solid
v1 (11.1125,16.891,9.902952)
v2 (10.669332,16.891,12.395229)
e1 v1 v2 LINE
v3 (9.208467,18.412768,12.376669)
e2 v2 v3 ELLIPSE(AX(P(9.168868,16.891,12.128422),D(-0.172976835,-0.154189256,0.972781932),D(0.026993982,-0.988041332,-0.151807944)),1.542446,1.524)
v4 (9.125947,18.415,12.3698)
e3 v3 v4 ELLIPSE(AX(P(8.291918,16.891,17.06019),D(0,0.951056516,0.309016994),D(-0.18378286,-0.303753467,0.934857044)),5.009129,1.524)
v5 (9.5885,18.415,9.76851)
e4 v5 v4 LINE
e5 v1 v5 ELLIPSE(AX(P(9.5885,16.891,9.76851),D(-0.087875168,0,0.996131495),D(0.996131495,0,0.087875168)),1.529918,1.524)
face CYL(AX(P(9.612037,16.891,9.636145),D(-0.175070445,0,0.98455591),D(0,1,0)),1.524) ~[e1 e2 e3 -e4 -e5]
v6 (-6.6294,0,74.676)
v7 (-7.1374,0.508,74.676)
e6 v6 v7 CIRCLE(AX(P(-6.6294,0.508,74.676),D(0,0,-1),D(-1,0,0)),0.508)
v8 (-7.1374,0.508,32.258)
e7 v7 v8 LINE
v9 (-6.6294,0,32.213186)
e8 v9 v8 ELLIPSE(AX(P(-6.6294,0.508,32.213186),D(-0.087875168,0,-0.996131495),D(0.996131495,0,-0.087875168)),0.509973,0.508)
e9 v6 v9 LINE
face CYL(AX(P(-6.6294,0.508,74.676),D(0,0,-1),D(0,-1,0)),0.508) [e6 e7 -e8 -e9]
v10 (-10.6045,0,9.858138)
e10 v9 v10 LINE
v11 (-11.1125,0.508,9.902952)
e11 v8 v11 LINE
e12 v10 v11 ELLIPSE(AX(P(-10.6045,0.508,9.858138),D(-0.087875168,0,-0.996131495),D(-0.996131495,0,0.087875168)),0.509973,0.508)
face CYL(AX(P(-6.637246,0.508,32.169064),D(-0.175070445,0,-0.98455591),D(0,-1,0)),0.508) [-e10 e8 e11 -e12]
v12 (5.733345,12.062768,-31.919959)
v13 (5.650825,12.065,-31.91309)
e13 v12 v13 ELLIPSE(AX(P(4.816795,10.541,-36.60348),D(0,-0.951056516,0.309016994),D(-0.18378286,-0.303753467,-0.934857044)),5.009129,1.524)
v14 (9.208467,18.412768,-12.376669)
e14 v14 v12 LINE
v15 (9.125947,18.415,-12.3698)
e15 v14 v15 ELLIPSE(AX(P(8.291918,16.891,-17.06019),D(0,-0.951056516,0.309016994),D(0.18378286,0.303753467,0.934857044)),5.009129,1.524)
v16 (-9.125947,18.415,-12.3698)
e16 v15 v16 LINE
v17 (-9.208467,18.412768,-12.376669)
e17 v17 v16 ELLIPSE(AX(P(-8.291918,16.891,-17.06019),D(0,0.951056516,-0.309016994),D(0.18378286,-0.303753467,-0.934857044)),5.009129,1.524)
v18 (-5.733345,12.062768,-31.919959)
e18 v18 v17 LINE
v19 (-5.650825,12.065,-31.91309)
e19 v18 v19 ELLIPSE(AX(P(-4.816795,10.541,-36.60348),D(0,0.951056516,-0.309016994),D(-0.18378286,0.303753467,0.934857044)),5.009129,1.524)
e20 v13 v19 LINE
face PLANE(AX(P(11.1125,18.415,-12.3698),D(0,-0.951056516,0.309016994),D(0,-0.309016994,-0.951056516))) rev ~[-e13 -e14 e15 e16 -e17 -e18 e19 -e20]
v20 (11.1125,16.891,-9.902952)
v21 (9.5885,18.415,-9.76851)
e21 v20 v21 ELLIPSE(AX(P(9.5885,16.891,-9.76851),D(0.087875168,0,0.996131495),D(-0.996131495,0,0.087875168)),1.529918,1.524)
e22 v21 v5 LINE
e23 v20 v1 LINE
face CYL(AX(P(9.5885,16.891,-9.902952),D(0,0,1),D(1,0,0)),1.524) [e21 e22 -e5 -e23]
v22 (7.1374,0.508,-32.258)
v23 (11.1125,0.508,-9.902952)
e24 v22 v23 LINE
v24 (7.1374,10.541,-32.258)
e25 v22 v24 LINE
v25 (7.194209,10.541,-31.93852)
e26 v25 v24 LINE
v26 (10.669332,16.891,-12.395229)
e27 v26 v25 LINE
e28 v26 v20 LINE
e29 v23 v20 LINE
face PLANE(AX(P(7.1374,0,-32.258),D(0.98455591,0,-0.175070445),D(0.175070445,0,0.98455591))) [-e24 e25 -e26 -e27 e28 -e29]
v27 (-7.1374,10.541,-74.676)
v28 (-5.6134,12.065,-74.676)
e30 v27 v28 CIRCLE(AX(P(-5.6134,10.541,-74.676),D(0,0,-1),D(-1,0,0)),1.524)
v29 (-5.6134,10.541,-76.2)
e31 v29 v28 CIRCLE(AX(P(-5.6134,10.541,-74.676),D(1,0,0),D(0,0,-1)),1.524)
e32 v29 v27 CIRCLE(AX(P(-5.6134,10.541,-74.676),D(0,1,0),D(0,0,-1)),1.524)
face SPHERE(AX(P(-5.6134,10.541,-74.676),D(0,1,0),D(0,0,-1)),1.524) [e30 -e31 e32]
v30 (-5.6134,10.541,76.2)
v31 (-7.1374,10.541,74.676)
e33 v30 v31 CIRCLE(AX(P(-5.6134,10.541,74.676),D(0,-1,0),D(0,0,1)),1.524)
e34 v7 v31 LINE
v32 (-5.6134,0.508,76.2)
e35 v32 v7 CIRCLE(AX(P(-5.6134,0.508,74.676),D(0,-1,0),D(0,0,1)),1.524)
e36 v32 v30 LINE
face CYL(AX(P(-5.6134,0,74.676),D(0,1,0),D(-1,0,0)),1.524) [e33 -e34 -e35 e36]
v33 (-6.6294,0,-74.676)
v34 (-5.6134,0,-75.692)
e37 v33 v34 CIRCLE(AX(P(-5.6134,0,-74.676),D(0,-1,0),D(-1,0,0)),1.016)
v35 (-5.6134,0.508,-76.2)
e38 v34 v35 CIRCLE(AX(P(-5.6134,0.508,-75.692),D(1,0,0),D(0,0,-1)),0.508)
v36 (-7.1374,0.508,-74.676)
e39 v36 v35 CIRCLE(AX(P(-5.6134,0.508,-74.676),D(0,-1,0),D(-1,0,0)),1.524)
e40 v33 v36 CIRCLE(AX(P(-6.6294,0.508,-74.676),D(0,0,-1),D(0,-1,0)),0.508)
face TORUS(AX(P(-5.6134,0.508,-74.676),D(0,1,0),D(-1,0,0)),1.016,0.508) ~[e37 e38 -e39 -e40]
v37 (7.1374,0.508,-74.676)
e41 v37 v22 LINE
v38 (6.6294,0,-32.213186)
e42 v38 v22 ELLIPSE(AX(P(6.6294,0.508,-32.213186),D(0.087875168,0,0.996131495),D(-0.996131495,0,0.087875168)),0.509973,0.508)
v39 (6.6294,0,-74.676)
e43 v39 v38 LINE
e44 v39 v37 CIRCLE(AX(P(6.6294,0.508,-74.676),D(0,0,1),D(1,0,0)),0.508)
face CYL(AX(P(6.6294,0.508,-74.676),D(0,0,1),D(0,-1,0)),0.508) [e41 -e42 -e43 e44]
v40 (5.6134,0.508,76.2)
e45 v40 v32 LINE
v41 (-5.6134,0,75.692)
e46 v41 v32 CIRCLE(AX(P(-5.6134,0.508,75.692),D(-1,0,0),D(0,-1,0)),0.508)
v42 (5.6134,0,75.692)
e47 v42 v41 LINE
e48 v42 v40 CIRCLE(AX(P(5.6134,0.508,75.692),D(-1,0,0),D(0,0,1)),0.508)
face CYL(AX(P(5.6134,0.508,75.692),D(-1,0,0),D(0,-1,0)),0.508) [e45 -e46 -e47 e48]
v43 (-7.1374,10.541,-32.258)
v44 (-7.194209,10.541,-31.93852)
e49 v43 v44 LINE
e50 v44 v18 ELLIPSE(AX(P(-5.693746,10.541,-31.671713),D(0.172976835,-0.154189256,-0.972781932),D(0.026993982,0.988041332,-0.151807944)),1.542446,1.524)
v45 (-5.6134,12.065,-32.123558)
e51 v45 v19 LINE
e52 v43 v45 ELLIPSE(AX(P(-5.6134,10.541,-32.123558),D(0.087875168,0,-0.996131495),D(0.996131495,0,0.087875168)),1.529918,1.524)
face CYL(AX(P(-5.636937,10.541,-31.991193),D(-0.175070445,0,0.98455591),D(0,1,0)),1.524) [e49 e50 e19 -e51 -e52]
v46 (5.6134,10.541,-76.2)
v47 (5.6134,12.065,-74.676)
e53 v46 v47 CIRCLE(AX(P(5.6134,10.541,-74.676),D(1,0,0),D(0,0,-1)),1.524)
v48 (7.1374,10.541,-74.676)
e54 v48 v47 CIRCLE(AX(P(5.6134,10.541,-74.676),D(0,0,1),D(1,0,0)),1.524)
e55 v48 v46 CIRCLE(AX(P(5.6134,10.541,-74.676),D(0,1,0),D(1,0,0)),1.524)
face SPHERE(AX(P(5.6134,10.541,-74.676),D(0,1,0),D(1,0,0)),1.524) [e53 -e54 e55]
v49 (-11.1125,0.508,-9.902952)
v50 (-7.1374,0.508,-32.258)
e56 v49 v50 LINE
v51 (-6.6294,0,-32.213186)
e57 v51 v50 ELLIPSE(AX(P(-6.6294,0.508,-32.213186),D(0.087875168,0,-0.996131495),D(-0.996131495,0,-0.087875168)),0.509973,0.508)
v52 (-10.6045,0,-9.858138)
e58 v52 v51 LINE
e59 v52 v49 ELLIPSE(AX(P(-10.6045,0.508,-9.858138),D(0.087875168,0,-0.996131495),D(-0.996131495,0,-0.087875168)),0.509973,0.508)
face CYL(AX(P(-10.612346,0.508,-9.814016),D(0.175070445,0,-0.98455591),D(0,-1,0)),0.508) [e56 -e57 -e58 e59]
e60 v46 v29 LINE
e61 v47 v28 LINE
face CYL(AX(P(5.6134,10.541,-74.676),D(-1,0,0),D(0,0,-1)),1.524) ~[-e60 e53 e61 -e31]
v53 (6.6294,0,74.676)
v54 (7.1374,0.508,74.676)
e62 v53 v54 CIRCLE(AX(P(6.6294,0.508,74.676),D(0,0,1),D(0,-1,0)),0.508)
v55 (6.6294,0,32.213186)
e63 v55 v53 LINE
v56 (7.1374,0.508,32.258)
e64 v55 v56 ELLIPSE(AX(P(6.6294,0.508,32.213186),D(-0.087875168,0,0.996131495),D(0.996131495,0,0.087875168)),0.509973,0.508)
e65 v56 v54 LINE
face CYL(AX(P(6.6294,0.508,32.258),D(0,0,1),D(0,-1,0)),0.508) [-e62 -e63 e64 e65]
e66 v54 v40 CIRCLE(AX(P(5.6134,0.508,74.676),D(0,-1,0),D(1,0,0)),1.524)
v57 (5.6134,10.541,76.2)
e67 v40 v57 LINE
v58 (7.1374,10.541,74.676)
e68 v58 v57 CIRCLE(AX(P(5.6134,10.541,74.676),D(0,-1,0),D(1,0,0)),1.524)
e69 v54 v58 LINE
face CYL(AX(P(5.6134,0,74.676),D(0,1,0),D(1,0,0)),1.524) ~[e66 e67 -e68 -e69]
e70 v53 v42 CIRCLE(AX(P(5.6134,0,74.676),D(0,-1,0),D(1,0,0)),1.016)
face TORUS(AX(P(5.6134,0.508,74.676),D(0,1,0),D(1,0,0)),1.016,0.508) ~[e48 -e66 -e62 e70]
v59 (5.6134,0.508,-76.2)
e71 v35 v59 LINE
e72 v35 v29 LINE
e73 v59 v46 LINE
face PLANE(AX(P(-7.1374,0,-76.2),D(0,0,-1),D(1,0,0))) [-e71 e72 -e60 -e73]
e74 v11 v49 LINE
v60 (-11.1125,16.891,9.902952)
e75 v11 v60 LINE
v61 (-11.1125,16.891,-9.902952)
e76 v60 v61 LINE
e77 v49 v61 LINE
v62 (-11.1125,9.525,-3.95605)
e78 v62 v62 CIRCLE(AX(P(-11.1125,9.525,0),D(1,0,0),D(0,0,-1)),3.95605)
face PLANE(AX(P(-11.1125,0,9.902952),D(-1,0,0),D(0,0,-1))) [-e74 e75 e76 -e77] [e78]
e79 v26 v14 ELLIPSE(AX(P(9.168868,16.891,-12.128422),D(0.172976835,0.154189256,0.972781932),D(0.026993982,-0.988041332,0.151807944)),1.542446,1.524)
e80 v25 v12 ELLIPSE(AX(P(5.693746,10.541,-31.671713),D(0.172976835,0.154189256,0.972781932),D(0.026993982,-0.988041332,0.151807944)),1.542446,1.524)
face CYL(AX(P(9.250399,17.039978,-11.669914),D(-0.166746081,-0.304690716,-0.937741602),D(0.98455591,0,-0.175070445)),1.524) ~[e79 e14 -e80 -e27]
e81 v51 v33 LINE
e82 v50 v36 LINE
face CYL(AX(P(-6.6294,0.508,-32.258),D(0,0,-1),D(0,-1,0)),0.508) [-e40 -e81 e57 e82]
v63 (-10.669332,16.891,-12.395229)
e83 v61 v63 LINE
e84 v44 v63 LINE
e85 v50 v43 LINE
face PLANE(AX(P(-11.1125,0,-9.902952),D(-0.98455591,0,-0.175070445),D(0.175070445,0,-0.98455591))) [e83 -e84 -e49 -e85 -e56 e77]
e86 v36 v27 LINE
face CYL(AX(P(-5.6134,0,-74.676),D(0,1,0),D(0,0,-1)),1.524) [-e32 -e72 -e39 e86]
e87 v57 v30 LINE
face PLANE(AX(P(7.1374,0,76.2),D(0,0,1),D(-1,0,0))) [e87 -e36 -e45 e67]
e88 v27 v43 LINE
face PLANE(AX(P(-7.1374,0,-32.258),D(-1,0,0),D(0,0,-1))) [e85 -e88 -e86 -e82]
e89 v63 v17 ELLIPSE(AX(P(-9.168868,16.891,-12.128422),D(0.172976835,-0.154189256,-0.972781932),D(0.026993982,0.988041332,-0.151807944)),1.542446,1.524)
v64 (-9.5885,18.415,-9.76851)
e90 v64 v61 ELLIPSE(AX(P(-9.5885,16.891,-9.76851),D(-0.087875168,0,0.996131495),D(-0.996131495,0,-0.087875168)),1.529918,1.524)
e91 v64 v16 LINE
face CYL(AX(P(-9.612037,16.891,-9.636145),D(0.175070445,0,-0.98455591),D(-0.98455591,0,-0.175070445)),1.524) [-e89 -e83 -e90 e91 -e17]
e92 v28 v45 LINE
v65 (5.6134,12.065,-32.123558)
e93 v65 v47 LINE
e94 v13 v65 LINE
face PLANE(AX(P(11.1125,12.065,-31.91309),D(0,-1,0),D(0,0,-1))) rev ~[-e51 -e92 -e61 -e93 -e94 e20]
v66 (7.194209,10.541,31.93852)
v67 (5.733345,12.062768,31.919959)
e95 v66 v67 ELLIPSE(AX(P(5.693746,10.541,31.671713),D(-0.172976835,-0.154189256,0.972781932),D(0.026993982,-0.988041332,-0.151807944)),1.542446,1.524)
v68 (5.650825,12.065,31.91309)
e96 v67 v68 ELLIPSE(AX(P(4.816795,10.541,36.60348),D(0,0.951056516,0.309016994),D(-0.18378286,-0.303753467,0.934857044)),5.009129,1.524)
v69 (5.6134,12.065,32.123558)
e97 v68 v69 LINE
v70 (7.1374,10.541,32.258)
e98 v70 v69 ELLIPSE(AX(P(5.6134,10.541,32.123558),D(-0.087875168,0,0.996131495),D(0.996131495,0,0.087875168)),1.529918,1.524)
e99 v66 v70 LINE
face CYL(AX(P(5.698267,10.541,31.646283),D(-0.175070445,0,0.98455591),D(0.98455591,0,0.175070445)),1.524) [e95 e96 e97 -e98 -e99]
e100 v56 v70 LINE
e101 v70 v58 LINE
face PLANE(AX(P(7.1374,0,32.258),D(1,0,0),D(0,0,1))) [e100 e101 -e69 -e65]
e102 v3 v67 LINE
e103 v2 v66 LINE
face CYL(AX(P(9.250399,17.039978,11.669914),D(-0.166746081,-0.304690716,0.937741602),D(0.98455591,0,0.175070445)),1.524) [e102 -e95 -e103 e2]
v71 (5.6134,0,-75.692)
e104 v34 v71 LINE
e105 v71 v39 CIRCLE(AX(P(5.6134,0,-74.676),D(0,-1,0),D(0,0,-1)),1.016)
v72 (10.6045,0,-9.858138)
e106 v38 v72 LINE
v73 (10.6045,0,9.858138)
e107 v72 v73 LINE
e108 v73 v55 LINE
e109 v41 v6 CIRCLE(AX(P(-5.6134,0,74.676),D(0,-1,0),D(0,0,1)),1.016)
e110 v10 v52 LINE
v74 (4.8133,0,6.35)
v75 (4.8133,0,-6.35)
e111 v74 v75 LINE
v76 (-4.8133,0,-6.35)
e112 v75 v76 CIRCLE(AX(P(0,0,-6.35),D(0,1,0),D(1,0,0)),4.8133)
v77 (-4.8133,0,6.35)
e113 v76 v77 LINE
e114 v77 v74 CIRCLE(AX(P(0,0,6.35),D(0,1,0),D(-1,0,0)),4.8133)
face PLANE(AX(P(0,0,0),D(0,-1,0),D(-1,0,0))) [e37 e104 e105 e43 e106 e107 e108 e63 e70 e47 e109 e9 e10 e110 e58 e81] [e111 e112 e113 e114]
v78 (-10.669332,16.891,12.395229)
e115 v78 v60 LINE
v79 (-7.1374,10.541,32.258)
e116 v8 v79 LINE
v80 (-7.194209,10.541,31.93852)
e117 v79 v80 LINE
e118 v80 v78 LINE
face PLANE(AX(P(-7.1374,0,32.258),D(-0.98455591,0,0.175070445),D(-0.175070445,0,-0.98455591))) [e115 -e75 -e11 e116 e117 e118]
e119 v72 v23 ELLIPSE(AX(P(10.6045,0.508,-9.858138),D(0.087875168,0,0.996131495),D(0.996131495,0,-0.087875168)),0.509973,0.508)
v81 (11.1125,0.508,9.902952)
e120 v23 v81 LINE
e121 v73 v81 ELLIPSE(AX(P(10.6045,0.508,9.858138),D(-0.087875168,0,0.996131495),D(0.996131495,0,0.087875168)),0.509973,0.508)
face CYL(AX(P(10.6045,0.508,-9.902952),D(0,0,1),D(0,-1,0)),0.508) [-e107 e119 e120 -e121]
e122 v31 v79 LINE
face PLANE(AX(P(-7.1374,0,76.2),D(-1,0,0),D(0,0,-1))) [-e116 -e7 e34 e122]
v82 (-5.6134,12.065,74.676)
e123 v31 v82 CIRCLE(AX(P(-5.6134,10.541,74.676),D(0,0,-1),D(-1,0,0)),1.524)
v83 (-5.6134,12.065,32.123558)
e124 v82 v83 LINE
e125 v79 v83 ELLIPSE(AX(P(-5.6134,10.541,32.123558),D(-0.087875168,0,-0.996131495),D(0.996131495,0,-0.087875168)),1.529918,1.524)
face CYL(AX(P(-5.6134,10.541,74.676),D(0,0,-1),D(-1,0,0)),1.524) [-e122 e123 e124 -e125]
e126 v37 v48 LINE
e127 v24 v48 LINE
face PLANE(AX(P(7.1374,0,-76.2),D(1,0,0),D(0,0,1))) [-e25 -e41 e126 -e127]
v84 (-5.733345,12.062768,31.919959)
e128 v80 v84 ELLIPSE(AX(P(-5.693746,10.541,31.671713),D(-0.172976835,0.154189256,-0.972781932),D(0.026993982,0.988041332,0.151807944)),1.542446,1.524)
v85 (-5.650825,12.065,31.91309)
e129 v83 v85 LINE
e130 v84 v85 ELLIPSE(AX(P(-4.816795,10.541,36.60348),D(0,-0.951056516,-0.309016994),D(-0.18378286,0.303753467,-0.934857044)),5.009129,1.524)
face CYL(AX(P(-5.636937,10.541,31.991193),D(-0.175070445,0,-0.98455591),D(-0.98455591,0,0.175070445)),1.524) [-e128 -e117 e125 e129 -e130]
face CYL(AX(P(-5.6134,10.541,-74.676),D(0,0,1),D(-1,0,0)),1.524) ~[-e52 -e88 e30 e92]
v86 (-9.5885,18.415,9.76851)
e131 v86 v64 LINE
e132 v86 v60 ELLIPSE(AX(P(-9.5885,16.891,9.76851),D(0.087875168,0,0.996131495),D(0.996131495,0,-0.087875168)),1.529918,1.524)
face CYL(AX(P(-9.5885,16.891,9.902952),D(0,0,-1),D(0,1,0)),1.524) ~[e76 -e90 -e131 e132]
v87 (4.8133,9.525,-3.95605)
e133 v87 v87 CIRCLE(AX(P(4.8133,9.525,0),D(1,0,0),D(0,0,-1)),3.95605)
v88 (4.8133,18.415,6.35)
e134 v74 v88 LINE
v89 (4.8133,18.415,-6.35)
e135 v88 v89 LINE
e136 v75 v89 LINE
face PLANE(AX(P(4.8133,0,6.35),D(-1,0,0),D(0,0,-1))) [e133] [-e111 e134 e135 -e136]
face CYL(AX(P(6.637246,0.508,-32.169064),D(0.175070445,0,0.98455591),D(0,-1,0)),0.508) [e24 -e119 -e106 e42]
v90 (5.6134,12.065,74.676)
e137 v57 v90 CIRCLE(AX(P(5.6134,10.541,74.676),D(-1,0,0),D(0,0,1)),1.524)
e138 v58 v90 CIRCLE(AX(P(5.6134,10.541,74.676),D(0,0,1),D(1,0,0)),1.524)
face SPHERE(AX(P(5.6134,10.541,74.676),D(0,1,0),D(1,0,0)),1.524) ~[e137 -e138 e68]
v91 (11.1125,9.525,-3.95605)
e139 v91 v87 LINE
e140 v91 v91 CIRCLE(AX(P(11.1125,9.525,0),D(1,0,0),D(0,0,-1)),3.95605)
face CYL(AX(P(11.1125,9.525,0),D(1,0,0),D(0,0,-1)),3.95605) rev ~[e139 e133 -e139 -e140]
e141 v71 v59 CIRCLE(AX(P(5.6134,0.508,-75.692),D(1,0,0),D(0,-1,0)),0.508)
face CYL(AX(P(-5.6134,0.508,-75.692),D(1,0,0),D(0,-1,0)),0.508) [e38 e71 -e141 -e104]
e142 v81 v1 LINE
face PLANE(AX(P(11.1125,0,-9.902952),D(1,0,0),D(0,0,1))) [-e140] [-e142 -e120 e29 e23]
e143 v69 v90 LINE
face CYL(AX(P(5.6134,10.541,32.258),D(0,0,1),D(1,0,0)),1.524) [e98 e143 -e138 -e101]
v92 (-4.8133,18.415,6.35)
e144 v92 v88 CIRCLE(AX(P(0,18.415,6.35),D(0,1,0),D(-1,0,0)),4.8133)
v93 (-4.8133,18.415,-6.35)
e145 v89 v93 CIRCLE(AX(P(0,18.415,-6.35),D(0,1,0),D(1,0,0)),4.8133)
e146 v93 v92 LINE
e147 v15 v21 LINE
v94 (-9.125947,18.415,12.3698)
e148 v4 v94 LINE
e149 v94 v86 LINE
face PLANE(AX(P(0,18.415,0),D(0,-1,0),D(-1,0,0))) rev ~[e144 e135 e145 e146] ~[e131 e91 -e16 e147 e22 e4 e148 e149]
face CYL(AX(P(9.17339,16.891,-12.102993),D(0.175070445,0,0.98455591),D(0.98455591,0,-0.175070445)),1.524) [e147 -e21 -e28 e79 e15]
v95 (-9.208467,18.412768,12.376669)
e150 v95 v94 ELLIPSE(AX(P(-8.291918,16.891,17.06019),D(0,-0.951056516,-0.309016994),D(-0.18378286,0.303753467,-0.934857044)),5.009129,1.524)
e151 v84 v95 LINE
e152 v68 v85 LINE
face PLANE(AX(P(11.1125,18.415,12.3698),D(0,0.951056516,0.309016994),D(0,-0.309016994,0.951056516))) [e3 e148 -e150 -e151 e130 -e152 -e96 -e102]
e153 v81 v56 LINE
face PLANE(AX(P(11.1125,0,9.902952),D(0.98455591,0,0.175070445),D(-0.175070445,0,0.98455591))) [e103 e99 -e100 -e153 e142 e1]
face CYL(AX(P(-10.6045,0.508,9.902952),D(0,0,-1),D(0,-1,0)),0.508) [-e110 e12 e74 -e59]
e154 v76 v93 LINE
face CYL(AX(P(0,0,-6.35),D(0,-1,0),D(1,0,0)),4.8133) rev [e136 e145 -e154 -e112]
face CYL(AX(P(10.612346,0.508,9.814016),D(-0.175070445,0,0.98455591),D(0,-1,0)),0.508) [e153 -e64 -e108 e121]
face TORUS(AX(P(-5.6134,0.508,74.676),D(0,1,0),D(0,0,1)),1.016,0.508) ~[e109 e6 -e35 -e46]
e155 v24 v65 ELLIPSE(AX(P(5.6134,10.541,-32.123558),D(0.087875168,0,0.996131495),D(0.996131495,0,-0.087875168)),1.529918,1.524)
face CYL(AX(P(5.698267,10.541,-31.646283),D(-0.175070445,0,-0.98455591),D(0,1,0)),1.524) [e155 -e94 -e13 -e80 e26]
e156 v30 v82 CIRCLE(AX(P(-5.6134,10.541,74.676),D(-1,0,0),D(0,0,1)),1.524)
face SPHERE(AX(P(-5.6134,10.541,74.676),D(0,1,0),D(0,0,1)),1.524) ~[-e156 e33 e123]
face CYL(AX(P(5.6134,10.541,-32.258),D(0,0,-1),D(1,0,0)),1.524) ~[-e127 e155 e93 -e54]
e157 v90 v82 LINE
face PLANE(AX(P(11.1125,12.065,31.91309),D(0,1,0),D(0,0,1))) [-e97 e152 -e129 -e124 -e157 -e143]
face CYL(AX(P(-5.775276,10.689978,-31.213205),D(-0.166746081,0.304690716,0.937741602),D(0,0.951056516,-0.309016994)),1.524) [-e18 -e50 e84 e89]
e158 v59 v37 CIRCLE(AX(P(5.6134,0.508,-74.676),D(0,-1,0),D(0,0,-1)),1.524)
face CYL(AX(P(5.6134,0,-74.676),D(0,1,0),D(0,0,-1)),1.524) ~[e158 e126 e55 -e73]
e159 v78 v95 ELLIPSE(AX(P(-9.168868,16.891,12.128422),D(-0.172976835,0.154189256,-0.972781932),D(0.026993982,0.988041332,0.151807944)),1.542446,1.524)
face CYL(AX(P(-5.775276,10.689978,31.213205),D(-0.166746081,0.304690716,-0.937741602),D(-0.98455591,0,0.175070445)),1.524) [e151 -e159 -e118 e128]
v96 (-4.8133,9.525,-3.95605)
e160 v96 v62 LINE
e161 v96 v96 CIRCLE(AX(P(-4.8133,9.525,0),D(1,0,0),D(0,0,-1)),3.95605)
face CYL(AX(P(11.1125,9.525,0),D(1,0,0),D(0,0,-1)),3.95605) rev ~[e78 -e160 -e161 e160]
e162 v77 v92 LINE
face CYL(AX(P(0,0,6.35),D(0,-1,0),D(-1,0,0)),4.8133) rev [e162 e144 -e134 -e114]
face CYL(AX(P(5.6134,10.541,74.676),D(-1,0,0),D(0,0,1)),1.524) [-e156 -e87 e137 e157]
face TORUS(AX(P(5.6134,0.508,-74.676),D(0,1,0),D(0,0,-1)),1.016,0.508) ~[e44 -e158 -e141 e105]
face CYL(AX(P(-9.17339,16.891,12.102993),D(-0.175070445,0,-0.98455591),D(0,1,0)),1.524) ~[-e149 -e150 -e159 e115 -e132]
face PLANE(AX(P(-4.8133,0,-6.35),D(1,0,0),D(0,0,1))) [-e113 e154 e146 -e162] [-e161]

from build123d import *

# Parameters (mm, degrees)
EXTRUDE1_DEPTH     = 18.415
CUT_EXTRUDE1_DEPTH = 23.225
SKETCH3_R          = 3.95605
CUT_EXTRUDE2_DEPTH = 23.225
FILLET1_R          = 1.524
FILLET2_R          = 0.508
FILLET3_R          = 1.524


with BuildPart() as part:
    # Sketch1 → Extrude1 (new body)
    with BuildSketch(Plane(origin=(0, 0, 0), x_dir=(1, 0, 0), z_dir=(0, 1, 0))):
        Polygon((-7.1374, 76.2), (7.1374, 76.2), (7.1374, 32.258), (11.1125, 9.902952), (11.1125, -9.902952), (7.1374, -32.258), (7.1374, -76.2), (-7.1374, -76.2), (-7.1374, -32.258), (-11.1125, -9.902952), (-11.1125, 9.902952), (-7.1374, 32.258), align=None)
        with BuildLine():
            Line((-4.8133, 6.35), (-4.8133, -6.35))
            ThreePointArc((-4.8133, -6.35), (0, -11.1633), (4.8133, -6.35))
            Line((4.8133, -6.35), (4.8133, 6.35))
            ThreePointArc((4.8133, 6.35), (0, 11.1633), (-4.8133, 6.35))
        make_face(mode=Mode.SUBTRACT)
    extrude(amount=EXTRUDE1_DEPTH)

    # Sketch2 → Cut-Extrude1 (cut, through all)
    with BuildSketch(Plane(origin=(11.1125, 0, 0), x_dir=(0, 0, -1), z_dir=(1, 0, 0))):
        Polygon((76.2, 18.415), (12.3698, 18.415), (31.913090461, 12.065), (76.2, 12.065), align=None)
        Polygon((-76.2, 12.065), (-76.2, 18.415), (-12.3698, 18.415), (-31.913090461, 12.065), align=None)
    extrude(amount=-CUT_EXTRUDE1_DEPTH, mode=Mode.SUBTRACT)

    # Sketch3 → Cut-Extrude2 (cut, through all)
    with BuildSketch(Plane(origin=(11.1125, 0, 0), x_dir=(0, 0, -1), z_dir=(1, 0, 0))):
        with Locations((0, 9.525)):
            Circle(SKETCH3_R)
    extrude(amount=-CUT_EXTRUDE2_DEPTH, mode=Mode.SUBTRACT)

    # Fillet1
    fillet1_edges = [part.edges().sort_by_distance(p)[0] for p in [
        (-7.1374, 6.0325, -76.2),
        (7.1374, 6.0325, -76.2),
        (7.1374, 6.0325, 76.2),
        (-7.1374, 6.0325, 76.2),
    ]]
    fillet(fillet1_edges, radius=FILLET1_R)

    # Fillet2
    fillet2_edges = [part.edges().sort_by_distance(p)[0] for p in [
        (-7.1374, 0, -53.467),
        (7.1374, 0, 53.467),
        (0, 0, 76.2),
        (0, 0, -76.2),
        (-6.691030735, 0, 75.753630735),
        (9.12495, 0, -21.080476),
        (6.691030735, 0, 75.753630735),
        (6.691030735, 0, -75.753630735),
        (-6.691030735, 0, -75.753630735),
        (11.1125, 0, 0),
        (9.12495, 0, 21.080476),
        (-7.1374, 0, 53.467),
        (-9.12495, 0, 21.080476),
        (-11.1125, 0, 0),
        (-9.12495, 0, -21.080476),
        (7.1374, 0, -53.467),
    ]]
    fillet(fillet2_edges, radius=FILLET2_R)

    # Fillet3
    fillet3_edges = [part.edges().sort_by_distance(p)[0] for p in [
        (0, 12.065, -76.2),
        (7.1374, 12.065, -53.467),
        (6.691030735, 12.065, -75.753630735),
        (-6.691030735, 12.065, -75.753630735),
        (0, 12.065, 76.2),
        (-7.1374, 12.065, 53.467),
        (-6.691030735, 12.065, 75.753630735),
        (6.691030735, 12.065, 75.753630735),
        (-11.1125, 18.415, 0),
        (-10.893176662, 18.415, 11.136376),
        (11.1125, 18.415, 0),
        (10.893176662, 18.415, -11.136376),
        (8.936291994, 15.24, -22.141445231),
        (7.168065331, 12.065, -32.085545231),
        (-10.893176662, 18.415, -11.136376),
        (-7.168065331, 12.065, -32.085545231),
        (-7.1374, 12.065, -53.467),
        (-8.936291994, 15.24, -22.141445231),
        (10.893176662, 18.415, 11.136376),
        (8.936291994, 15.24, 22.141445231),
        (7.168065331, 12.065, 32.085545231),
        (-7.168065331, 12.065, 32.085545231),
        (7.1374, 12.065, 53.467),
        (-8.936291994, 15.24, 22.141445231),
    ]]
    fillet(fillet3_edges, radius=FILLET3_R)


solid = part.part
